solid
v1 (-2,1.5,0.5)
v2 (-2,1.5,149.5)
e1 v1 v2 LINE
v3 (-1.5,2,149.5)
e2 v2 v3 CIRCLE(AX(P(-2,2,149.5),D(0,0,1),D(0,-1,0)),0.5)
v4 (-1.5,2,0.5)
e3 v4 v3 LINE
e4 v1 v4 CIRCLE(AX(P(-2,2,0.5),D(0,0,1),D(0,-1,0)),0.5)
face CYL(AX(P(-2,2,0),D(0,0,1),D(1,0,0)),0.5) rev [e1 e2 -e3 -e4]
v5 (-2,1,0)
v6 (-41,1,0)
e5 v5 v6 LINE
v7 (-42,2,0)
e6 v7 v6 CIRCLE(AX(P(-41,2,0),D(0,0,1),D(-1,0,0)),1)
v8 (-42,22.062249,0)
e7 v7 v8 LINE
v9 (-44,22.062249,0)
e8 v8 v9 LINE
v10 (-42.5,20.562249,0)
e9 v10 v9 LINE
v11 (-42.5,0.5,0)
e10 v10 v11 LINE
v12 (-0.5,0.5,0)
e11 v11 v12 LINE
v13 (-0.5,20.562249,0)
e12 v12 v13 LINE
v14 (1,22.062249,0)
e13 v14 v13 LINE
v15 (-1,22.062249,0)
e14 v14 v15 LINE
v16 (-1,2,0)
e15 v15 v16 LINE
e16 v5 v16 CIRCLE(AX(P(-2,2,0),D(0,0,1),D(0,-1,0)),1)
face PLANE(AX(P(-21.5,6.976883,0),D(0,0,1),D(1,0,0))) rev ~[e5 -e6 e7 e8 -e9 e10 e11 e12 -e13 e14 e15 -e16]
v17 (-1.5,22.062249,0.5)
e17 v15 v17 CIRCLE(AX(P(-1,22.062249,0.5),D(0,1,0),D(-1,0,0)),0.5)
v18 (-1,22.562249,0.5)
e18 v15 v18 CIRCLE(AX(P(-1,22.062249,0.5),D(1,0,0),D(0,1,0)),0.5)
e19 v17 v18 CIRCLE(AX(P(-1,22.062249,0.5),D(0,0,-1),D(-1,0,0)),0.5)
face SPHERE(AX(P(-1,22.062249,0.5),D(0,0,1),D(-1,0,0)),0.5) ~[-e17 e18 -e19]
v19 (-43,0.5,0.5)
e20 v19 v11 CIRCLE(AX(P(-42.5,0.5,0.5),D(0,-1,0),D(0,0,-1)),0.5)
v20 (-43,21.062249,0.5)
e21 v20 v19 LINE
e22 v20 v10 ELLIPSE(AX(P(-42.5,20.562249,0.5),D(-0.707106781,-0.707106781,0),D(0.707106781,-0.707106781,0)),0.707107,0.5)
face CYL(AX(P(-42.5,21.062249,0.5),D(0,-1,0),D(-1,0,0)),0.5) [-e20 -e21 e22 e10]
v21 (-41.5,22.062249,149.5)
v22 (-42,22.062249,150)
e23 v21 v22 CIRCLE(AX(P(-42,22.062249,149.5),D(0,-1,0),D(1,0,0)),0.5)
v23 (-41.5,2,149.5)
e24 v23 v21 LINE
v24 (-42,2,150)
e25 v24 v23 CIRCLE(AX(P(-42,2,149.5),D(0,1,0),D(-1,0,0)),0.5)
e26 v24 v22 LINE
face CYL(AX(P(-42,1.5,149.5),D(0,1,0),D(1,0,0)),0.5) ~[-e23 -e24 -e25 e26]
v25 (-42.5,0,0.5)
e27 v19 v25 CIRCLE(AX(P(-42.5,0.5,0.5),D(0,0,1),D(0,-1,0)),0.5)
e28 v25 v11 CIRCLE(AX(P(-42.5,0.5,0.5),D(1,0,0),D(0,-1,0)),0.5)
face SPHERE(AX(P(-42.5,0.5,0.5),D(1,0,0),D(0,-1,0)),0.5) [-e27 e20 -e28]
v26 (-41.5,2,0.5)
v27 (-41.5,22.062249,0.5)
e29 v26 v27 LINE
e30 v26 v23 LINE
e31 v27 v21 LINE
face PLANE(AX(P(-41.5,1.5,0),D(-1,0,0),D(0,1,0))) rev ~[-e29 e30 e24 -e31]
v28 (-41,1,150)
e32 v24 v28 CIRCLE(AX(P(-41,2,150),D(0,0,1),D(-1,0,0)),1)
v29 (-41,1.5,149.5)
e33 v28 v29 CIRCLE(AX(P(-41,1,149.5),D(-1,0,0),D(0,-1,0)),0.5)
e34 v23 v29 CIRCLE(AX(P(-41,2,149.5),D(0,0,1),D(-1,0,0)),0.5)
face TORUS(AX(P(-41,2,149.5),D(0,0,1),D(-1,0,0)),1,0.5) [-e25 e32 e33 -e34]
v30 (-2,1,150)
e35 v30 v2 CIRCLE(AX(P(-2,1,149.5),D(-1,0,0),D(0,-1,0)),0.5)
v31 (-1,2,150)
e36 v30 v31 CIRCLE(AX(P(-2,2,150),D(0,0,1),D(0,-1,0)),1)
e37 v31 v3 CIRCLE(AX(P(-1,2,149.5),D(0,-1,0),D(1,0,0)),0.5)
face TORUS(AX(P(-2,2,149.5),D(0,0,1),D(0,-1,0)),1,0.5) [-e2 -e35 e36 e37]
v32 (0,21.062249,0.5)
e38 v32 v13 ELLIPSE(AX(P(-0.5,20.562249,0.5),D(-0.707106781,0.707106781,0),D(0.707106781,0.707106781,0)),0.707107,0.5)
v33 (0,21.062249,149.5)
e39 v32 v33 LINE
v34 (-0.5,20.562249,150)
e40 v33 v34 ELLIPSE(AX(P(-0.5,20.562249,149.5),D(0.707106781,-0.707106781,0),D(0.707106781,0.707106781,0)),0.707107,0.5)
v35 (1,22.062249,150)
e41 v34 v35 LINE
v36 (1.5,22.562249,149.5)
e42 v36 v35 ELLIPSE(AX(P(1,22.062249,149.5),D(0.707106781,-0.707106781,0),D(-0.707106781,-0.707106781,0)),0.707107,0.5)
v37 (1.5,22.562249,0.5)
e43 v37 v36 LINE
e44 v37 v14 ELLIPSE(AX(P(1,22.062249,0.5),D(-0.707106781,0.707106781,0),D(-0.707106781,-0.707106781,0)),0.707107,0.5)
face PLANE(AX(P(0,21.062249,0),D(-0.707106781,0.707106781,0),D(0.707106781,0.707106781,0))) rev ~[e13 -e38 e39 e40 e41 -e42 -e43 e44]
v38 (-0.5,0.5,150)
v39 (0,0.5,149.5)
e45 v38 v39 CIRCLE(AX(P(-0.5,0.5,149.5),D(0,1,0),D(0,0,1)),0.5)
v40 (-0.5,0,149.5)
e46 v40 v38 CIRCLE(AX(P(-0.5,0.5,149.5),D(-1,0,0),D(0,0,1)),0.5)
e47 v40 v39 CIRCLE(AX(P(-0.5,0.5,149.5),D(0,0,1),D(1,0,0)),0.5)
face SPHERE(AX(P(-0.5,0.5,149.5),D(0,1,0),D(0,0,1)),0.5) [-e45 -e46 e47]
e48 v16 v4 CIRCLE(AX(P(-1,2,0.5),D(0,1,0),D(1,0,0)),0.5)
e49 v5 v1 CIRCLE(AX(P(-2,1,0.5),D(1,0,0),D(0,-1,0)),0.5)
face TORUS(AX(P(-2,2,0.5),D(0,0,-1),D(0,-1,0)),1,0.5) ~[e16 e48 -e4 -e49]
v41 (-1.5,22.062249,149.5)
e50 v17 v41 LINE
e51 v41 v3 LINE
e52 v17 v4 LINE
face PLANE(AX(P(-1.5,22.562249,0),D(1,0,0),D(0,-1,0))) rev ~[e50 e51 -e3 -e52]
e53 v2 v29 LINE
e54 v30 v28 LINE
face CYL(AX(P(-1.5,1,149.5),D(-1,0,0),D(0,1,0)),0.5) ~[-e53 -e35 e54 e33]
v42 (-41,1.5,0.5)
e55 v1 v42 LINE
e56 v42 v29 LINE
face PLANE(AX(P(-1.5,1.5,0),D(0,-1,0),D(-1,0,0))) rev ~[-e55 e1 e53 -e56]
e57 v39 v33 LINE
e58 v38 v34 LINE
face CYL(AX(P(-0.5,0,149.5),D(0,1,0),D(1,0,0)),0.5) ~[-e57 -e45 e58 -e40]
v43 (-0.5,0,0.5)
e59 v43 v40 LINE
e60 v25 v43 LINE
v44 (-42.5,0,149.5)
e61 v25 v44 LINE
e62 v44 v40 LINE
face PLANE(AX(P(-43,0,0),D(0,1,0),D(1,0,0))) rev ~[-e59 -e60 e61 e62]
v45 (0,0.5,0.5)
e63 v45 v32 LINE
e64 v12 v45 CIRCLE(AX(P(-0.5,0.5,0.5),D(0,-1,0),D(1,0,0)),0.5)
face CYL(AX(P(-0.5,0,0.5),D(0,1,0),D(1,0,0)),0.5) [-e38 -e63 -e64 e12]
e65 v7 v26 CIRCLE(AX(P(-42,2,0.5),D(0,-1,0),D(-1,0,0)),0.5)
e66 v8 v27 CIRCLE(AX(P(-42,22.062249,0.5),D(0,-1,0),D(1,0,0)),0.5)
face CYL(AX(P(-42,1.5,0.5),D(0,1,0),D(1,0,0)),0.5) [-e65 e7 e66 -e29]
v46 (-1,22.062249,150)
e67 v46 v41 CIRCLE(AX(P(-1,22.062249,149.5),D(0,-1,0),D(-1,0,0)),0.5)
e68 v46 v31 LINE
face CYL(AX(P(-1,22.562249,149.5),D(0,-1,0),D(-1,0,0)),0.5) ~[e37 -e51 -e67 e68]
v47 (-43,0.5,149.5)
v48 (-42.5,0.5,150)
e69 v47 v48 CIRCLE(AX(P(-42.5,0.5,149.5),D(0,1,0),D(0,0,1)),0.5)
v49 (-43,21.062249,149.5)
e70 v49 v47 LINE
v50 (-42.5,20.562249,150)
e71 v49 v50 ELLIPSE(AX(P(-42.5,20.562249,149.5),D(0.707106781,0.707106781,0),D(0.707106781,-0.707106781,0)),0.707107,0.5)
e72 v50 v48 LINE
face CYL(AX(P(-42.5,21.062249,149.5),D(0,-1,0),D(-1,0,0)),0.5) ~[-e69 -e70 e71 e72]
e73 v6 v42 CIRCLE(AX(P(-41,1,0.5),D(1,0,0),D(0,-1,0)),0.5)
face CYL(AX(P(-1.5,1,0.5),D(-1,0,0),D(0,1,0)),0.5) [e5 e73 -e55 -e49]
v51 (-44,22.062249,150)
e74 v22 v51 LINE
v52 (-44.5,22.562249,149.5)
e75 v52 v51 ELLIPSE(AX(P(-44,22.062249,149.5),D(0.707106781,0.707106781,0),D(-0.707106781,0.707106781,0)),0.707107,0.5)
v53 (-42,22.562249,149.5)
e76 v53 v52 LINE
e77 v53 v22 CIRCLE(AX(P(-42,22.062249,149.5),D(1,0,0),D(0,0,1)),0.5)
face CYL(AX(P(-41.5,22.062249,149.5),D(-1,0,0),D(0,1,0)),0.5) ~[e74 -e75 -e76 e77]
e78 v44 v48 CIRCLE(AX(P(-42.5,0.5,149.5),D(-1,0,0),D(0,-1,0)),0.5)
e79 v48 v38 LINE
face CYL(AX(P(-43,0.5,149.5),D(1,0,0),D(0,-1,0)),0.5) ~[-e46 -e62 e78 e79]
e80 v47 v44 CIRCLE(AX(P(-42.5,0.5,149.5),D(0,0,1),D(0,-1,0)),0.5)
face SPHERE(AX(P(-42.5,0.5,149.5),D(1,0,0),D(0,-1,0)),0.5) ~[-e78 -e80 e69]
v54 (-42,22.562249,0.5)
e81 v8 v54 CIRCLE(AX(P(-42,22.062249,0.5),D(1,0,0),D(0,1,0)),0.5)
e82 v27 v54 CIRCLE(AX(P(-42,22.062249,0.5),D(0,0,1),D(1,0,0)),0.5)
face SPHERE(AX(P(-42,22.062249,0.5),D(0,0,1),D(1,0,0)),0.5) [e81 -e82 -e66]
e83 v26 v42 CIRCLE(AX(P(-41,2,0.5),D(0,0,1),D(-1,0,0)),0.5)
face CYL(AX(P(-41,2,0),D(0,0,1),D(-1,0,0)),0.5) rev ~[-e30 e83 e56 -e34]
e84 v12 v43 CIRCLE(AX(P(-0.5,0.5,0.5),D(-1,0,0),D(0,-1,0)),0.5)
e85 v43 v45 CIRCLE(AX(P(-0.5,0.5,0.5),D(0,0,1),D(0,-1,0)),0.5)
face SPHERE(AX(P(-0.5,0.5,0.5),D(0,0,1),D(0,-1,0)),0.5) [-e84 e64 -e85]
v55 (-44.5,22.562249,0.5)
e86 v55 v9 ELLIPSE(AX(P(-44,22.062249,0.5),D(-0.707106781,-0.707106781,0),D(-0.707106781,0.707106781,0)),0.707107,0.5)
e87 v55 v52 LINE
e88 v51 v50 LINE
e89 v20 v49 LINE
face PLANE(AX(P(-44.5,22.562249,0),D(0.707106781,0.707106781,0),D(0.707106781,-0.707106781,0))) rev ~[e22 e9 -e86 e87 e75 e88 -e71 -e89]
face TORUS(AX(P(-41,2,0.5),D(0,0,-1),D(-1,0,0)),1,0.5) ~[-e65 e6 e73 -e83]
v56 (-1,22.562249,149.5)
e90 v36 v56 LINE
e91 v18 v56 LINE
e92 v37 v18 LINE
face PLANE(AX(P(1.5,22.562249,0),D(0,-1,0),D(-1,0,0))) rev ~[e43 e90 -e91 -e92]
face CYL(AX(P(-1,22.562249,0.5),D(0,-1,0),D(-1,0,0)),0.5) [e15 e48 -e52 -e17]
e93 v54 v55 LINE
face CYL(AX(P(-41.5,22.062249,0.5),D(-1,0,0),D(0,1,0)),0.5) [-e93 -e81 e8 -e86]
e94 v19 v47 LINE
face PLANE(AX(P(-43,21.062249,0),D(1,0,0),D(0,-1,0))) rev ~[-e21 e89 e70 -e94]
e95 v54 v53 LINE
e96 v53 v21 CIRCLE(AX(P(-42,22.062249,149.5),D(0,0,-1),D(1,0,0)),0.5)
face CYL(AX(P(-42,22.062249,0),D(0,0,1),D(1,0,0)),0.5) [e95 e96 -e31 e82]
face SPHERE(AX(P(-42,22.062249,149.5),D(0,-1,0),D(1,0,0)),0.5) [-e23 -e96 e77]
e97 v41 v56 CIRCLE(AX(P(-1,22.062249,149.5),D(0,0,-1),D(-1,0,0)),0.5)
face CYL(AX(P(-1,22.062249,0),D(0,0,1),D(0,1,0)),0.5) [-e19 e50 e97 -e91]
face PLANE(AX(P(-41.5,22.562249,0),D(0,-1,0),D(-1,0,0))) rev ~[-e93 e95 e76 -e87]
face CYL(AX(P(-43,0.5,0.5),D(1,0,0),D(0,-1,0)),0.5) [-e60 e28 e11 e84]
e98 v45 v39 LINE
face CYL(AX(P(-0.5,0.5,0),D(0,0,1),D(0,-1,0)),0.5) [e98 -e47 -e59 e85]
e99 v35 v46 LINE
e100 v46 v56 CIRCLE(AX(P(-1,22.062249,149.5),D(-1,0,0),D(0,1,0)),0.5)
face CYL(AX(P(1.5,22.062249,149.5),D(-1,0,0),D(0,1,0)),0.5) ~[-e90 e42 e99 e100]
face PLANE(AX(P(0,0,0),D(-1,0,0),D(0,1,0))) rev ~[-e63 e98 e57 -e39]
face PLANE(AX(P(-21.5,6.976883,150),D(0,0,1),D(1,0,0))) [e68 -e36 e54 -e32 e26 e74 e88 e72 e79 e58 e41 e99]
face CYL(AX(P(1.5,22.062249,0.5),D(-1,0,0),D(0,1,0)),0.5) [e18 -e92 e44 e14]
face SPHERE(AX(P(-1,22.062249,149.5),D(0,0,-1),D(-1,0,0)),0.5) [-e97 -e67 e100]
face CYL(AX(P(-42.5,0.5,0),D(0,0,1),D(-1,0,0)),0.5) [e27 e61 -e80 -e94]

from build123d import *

# Parameters (mm, degrees)
F1_DEPTH = 150
F2_R     = 0.5


with BuildPart() as f1:
    # F0 (on Top) → F1 (new body)
    with BuildSketch(Plane.XY):
        Polygon((-41.5, 1.5), (-41.5, 22.562249), (-44.5, 22.562249), (-43, 21.062249), (-43, 0), (0, 0), (0, 21.062249), (1.5, 22.562249), (-1.5, 22.562249), (-1.5, 1.5), align=None)
    extrude(amount=F1_DEPTH)

    # F2
    f2_edges = [f1.edges().sort_by_distance(p)[0] for p in [
        (-1.5, 22.562249, 75),
        (-1.5, 12.031124, 150),
        (-1.5, 1.5, 75),
        (0, 10.531124, 150),
        (-21.5, 0, 150),
        (-41.5, 12.031124, 150),
        (-41.5, 22.562249, 75),
        (-21.5, 1.5, 0),
        (-21.5, 1.5, 150),
        (-41.5, 1.5, 75),
        (0, 0, 75),
        (-21.5, 0, 0),
        (0, 10.531124, 0),
        (-43, 0, 75),
        (-43, 10.531124, 150),
        (-43, 10.531124, 0),
        (-41.5, 12.031124, 0),
        (-1.5, 12.031124, 0),
        (-43, 22.562249, 150),
        (0, 22.562249, 150),
        (0, 22.562249, 0),
        (-43, 22.562249, 0),
    ]]
    fillet(f2_edges, radius=F2_R)


solid = f1.part
